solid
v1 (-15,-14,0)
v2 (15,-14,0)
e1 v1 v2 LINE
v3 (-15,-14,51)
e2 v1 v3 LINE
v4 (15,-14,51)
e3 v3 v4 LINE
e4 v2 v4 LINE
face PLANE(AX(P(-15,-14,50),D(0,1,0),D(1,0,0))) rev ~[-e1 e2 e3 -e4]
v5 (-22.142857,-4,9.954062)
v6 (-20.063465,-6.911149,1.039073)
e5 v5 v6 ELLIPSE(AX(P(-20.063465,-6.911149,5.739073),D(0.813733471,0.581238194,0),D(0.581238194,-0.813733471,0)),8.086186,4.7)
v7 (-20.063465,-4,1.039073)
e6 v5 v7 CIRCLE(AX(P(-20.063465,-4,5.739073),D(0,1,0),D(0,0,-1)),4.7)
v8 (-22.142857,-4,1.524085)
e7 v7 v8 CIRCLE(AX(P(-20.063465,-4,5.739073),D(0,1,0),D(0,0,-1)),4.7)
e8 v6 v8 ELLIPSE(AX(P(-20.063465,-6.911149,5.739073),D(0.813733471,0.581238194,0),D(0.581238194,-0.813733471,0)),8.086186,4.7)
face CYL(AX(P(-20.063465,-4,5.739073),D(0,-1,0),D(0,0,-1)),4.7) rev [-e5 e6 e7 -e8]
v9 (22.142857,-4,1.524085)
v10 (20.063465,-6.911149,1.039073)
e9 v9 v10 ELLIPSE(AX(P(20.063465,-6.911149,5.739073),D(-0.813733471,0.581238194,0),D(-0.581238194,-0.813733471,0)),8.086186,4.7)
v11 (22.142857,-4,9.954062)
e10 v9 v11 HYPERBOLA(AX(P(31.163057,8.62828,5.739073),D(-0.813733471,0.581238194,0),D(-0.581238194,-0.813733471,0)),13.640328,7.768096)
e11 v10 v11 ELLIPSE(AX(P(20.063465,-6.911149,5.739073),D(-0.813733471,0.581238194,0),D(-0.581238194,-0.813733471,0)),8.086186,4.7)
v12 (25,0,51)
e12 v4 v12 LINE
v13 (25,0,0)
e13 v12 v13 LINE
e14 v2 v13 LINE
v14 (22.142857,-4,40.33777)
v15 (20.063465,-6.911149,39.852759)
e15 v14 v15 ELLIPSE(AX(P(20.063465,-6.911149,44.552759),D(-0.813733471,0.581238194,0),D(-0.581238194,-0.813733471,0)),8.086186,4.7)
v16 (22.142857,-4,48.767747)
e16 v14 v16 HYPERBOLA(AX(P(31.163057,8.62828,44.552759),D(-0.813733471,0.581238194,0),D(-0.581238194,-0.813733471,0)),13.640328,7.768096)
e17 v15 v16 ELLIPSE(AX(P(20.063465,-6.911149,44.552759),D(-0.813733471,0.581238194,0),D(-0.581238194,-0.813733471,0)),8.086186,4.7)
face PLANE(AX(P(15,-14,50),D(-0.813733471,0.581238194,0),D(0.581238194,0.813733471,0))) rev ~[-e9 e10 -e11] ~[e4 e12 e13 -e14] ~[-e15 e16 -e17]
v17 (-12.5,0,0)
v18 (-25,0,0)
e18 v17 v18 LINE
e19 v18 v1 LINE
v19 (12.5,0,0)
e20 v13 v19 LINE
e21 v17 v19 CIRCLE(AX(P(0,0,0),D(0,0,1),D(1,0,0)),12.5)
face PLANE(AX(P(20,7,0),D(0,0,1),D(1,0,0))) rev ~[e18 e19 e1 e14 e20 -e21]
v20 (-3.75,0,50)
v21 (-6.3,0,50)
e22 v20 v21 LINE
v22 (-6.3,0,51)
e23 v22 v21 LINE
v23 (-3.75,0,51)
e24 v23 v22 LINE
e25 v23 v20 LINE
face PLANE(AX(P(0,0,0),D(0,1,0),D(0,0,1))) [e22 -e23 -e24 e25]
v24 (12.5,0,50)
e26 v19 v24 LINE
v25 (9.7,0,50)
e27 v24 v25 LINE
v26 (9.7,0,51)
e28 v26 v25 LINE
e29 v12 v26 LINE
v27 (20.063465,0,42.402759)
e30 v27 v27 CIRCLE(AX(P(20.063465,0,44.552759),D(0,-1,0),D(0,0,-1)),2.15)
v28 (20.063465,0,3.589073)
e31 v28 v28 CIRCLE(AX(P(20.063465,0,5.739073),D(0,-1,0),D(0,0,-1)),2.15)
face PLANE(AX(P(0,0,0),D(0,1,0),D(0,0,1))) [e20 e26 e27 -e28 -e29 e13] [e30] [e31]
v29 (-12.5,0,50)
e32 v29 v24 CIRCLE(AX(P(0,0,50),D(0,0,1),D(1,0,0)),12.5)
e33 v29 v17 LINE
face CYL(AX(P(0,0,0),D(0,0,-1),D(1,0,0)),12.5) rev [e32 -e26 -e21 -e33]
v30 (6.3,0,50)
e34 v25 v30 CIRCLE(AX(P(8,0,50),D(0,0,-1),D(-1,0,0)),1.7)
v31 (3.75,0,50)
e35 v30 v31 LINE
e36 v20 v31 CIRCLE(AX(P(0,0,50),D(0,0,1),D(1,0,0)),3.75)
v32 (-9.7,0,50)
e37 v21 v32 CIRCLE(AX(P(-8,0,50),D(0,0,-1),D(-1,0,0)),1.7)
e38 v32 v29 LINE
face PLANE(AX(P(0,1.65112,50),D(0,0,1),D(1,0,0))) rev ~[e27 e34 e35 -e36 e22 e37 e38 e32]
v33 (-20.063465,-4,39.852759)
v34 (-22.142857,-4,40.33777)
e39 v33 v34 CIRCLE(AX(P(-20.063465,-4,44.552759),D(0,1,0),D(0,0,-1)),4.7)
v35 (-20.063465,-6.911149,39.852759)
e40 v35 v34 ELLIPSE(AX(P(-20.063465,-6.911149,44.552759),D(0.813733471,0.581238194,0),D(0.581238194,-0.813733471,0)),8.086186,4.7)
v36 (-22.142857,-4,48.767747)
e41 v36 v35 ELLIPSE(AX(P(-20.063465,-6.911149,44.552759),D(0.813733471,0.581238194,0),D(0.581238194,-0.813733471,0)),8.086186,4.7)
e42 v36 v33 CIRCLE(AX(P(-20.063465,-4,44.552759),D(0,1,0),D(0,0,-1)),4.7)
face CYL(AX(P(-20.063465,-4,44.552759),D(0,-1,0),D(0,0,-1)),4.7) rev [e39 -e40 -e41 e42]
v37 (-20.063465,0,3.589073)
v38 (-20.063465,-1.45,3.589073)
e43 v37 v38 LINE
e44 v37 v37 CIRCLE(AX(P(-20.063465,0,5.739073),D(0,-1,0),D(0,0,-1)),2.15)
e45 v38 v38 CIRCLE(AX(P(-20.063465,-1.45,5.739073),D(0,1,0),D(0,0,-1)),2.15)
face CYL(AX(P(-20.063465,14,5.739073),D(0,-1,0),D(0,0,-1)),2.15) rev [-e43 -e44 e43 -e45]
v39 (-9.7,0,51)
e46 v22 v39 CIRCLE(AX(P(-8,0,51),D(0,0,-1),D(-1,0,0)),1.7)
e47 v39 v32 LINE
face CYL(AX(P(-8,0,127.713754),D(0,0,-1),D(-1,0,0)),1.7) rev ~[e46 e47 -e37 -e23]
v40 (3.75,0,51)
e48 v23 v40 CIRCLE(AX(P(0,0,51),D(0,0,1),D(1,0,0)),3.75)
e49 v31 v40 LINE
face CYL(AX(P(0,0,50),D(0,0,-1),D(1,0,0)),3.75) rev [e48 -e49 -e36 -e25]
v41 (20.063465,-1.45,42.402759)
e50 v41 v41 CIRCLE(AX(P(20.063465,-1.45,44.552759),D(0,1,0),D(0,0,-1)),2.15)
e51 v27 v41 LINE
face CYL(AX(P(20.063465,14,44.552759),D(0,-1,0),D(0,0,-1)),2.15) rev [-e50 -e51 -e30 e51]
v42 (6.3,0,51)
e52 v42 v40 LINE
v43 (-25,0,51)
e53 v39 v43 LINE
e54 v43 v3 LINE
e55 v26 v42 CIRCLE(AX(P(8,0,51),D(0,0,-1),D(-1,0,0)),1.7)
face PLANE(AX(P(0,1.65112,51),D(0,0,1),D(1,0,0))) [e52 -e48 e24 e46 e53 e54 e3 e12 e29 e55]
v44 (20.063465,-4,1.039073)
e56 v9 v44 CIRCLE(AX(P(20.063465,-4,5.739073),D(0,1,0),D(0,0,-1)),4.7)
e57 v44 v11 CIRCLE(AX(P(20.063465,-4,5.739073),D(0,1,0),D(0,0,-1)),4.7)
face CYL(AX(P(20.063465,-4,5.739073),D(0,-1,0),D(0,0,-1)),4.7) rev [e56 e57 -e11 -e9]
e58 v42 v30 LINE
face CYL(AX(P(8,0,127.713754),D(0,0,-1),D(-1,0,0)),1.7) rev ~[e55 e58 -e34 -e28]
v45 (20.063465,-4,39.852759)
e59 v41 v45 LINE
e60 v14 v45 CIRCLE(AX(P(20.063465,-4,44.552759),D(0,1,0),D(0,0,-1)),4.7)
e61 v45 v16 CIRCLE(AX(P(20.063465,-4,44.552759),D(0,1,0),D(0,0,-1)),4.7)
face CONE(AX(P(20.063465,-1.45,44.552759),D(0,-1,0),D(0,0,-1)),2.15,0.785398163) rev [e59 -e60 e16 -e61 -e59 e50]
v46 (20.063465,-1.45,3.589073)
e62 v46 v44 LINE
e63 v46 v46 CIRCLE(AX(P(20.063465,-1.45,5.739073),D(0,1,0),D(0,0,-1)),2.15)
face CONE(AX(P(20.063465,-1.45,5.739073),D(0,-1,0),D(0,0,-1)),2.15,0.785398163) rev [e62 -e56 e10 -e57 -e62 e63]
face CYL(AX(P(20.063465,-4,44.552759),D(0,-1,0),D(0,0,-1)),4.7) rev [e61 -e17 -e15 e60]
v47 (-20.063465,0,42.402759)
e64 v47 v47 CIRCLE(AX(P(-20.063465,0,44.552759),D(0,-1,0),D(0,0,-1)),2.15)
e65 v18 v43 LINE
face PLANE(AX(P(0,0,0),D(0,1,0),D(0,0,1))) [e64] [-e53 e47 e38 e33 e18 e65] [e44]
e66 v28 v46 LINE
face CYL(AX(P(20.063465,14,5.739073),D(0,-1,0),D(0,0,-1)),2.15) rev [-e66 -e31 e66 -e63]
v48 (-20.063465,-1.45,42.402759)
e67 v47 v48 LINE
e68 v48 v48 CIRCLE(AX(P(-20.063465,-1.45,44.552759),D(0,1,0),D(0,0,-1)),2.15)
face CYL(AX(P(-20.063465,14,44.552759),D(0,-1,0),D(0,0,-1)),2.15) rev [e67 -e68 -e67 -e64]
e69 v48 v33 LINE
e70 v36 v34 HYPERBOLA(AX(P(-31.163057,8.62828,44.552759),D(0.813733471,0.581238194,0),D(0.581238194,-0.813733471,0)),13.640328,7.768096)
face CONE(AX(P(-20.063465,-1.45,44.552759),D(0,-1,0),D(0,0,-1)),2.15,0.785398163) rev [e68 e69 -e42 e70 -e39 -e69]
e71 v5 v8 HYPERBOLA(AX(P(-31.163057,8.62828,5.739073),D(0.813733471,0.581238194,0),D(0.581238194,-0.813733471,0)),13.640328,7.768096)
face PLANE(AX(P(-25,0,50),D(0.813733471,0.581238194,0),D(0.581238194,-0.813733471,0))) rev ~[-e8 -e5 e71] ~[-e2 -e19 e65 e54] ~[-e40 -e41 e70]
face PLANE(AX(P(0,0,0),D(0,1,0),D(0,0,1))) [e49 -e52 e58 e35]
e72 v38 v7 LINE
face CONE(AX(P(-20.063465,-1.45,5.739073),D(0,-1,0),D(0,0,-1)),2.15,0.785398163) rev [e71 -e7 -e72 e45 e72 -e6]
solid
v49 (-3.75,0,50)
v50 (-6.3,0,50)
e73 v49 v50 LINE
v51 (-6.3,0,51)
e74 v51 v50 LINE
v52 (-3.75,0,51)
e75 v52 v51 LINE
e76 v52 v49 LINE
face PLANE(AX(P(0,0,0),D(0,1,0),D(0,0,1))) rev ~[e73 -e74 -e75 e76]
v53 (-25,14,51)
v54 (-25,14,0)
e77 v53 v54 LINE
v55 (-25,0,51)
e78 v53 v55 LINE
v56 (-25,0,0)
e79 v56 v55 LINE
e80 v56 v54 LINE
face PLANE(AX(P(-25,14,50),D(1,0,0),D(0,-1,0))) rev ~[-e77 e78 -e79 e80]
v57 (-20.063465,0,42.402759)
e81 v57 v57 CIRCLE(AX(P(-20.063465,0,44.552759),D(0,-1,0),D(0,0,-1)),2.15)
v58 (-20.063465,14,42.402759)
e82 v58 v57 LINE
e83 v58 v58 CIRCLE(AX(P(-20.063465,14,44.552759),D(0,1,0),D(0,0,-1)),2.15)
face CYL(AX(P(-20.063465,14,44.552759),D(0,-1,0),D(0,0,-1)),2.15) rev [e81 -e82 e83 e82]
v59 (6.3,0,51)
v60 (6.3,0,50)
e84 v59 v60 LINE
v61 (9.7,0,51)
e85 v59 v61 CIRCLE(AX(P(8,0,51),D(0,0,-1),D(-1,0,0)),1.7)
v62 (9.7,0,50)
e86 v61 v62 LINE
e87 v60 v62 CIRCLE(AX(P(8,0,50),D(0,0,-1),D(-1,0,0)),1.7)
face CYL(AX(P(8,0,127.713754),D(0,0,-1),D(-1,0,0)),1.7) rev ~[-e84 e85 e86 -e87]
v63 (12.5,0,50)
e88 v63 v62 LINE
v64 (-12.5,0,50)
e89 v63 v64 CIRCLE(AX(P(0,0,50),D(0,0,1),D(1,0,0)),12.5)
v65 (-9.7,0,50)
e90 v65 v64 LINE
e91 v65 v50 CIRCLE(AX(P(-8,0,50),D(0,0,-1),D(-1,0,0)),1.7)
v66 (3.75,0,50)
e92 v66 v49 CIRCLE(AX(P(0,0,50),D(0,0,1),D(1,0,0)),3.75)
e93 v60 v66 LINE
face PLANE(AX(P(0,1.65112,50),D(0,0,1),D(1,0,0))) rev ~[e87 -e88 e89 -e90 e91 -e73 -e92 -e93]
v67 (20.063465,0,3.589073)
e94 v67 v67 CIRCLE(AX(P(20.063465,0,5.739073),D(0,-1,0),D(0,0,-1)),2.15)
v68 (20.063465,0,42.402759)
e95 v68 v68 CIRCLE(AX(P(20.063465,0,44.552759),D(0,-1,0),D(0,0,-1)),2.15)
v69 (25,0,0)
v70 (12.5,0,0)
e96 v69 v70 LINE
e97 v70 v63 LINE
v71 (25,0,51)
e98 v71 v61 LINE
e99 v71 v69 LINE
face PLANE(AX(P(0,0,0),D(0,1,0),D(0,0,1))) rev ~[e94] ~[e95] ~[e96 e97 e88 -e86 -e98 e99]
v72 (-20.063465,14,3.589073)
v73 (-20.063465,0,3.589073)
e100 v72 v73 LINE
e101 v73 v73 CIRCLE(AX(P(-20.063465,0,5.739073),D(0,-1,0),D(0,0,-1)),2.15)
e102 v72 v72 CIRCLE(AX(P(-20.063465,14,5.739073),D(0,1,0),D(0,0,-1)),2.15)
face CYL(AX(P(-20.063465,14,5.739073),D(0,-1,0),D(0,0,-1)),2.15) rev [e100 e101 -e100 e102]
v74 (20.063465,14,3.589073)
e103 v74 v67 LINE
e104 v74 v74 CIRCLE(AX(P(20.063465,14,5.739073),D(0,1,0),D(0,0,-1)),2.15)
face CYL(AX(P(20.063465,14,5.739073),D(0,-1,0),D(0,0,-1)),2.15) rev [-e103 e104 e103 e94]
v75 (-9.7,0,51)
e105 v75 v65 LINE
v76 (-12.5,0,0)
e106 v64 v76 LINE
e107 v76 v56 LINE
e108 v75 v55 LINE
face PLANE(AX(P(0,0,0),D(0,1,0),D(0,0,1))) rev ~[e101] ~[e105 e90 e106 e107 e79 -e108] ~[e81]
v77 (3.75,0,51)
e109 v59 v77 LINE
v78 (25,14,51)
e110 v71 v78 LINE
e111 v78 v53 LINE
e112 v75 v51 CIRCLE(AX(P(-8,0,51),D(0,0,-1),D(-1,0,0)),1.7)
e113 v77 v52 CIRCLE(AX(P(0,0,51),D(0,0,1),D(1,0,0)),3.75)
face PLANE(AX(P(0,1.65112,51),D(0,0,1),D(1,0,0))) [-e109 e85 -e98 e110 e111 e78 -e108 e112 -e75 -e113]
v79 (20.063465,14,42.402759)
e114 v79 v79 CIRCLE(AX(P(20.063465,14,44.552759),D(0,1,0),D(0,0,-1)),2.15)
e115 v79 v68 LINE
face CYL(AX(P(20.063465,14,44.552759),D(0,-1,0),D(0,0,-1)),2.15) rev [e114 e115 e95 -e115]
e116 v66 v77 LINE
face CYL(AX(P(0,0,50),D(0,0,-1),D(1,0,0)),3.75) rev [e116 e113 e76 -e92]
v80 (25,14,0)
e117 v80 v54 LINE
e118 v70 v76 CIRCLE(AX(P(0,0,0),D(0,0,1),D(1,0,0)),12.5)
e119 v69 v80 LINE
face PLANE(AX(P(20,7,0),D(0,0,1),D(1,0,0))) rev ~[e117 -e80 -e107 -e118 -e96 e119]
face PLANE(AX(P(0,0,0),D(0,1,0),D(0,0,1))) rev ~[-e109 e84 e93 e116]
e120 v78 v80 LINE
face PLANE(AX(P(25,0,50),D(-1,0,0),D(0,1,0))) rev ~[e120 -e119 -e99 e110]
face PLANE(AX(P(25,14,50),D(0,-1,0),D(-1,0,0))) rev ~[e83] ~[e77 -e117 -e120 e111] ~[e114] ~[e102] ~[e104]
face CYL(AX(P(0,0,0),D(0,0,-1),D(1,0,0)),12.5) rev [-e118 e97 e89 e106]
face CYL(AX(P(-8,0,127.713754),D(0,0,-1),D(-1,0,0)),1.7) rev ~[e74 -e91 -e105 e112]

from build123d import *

# Parameters (mm, degrees)
ESQUISSE1_W                                 = 10
ESQUISSE1_H                                 = 14
ESQUISSE1_W_2                               = 30
ESQUISSE1_H_2                               = 28
ESQUISSE1_R                                 = 12.5
BOSS_EXTRU_1_DEPTH                          = 50
FRAISAGE_POUR_VIS_T_TE_FRAIS_E_M41_AT_COUNT = 2
FRAISAGE_POUR_VIS_T_TE_FRAIS_E_M41_AT_PITCH = 40.126930435
FRAISAGE_POUR_VIS_T_TE_FRAIS_E_M41_2_COUNT  = 2
FRAISAGE_POUR_VIS_T_TE_FRAIS_E_M41_2_PITCH  = 55.827168328
FRAISAGE_POUR_VIS_T_TE_FRAIS_E_M41_3_COUNT  = 2
FRAISAGE_POUR_VIS_T_TE_FRAIS_E_M41_3_PITCH  = 38.813685439
ESQUISSE26_R                                = 3.75
BOSS_EXTRU_2_DEPTH                          = 1
D_GAGEMENT_M31_D                            = 3.4


with BuildPart() as part:
    # Esquisse1 → Boss.-Extru.1 (new body)
    # profile 1 of 5: a face of its own
    with BuildSketch(Plane.XY):
        with Locations((-20, 7)):
            Rectangle(ESQUISSE1_W, ESQUISSE1_H)
    # profile 2 of 5: a face of its own
    with BuildSketch(Plane.XY):
        Polygon((-15, -14), (-15, 0), (-25, 0), align=None)
    # profile 3 of 5: a face of its own
    with BuildSketch(Plane.XY):
        Rectangle(ESQUISSE1_W_2, ESQUISSE1_H_2)
        Circle(ESQUISSE1_R, mode=Mode.SUBTRACT)
    # profile 4 of 5: a face of its own
    with BuildSketch(Plane.XY):
        Polygon((25, 0), (15, 0), (15, -14), align=None)
    # profile 5 of 5: a face of its own
    with BuildSketch(Plane.XY):
        with Locations((20, 7)):
            Rectangle(ESQUISSE1_W, ESQUISSE1_H)
    extrude(amount=BOSS_EXTRU_1_DEPTH)

    # Esquisse25 → Fraisage pour vis à tête fraisée M41 (revolve, cut)
    with BuildSketch(Plane(origin=(20.063465217, -14, 5.739073391), x_dir=(0, 0, -1), z_dir=(1, 0, 0))):
        Polygon((0, 0), (0, 28), (2.15, 28), (2.15, 12.55), (4.7, 10), (4.7, 0), align=None)
    fraisage_pour_vis_t_te_frais_e_m41 = revolve(axis=Axis((20.063465217, -20.35, 5.739073391), (0, 1, 0)), mode=Mode.SUBTRACT)

    # Fraisage pour vis à tête fraisée M41 at: Fraisage pour vis à tête fraisée M41 ×2
    with Locations(*[(-i * FRAISAGE_POUR_VIS_T_TE_FRAIS_E_M41_AT_PITCH, 0, 0) for i in range(1, FRAISAGE_POUR_VIS_T_TE_FRAIS_E_M41_AT_COUNT)]):
        add(fraisage_pour_vis_t_te_frais_e_m41, mode=Mode.SUBTRACT)

    # Fraisage pour vis _ t_te frais_e M41 2: Fraisage pour vis à tête fraisée M41 ×2
    with Locations(*[Vector(-0.7187706565997187, 0, 0.695247253292819) * (i * FRAISAGE_POUR_VIS_T_TE_FRAIS_E_M41_2_PITCH) for i in range(1, FRAISAGE_POUR_VIS_T_TE_FRAIS_E_M41_2_COUNT)]):
        add(fraisage_pour_vis_t_te_frais_e_m41, mode=Mode.SUBTRACT)

    # Fraisage pour vis _ t_te frais_e M41 3: Fraisage pour vis à tête fraisée M41 ×2
    with Locations(*[(0, 0, i * FRAISAGE_POUR_VIS_T_TE_FRAIS_E_M41_3_PITCH) for i in range(1, FRAISAGE_POUR_VIS_T_TE_FRAIS_E_M41_3_COUNT)]):
        add(fraisage_pour_vis_t_te_frais_e_m41, mode=Mode.SUBTRACT)

    # Esquisse26 → Boss.-Extru.2 (add)
    with BuildSketch(Plane.XY.offset(50)):
        Polygon((-25, 14), (-25, 0), (-15, -14), (15, -14), (25, 0), (25, 14), align=None)
        Circle(ESQUISSE26_R, mode=Mode.SUBTRACT)
    extrude(amount=BOSS_EXTRU_2_DEPTH)

    # Dégagement M31 (through all)
    with Locations(Plane.XY.offset(51)):
        with Locations((-8, 0), (8, 0)):
            Hole(D_GAGEMENT_M31_D / 2)


with BuildPart() as body_2:
    # Fractionner1: the piece on the far side of the plane
    add(part.part)
    split(bisect_by=Plane.ZX, keep=Keep.BOTTOM)


with BuildPart() as part_1:
    add(part.part)

    # Fractionner1
    split(bisect_by=Plane.ZX, keep=Keep.TOP)


solid = Compound([body_2.part, part_1.part])
